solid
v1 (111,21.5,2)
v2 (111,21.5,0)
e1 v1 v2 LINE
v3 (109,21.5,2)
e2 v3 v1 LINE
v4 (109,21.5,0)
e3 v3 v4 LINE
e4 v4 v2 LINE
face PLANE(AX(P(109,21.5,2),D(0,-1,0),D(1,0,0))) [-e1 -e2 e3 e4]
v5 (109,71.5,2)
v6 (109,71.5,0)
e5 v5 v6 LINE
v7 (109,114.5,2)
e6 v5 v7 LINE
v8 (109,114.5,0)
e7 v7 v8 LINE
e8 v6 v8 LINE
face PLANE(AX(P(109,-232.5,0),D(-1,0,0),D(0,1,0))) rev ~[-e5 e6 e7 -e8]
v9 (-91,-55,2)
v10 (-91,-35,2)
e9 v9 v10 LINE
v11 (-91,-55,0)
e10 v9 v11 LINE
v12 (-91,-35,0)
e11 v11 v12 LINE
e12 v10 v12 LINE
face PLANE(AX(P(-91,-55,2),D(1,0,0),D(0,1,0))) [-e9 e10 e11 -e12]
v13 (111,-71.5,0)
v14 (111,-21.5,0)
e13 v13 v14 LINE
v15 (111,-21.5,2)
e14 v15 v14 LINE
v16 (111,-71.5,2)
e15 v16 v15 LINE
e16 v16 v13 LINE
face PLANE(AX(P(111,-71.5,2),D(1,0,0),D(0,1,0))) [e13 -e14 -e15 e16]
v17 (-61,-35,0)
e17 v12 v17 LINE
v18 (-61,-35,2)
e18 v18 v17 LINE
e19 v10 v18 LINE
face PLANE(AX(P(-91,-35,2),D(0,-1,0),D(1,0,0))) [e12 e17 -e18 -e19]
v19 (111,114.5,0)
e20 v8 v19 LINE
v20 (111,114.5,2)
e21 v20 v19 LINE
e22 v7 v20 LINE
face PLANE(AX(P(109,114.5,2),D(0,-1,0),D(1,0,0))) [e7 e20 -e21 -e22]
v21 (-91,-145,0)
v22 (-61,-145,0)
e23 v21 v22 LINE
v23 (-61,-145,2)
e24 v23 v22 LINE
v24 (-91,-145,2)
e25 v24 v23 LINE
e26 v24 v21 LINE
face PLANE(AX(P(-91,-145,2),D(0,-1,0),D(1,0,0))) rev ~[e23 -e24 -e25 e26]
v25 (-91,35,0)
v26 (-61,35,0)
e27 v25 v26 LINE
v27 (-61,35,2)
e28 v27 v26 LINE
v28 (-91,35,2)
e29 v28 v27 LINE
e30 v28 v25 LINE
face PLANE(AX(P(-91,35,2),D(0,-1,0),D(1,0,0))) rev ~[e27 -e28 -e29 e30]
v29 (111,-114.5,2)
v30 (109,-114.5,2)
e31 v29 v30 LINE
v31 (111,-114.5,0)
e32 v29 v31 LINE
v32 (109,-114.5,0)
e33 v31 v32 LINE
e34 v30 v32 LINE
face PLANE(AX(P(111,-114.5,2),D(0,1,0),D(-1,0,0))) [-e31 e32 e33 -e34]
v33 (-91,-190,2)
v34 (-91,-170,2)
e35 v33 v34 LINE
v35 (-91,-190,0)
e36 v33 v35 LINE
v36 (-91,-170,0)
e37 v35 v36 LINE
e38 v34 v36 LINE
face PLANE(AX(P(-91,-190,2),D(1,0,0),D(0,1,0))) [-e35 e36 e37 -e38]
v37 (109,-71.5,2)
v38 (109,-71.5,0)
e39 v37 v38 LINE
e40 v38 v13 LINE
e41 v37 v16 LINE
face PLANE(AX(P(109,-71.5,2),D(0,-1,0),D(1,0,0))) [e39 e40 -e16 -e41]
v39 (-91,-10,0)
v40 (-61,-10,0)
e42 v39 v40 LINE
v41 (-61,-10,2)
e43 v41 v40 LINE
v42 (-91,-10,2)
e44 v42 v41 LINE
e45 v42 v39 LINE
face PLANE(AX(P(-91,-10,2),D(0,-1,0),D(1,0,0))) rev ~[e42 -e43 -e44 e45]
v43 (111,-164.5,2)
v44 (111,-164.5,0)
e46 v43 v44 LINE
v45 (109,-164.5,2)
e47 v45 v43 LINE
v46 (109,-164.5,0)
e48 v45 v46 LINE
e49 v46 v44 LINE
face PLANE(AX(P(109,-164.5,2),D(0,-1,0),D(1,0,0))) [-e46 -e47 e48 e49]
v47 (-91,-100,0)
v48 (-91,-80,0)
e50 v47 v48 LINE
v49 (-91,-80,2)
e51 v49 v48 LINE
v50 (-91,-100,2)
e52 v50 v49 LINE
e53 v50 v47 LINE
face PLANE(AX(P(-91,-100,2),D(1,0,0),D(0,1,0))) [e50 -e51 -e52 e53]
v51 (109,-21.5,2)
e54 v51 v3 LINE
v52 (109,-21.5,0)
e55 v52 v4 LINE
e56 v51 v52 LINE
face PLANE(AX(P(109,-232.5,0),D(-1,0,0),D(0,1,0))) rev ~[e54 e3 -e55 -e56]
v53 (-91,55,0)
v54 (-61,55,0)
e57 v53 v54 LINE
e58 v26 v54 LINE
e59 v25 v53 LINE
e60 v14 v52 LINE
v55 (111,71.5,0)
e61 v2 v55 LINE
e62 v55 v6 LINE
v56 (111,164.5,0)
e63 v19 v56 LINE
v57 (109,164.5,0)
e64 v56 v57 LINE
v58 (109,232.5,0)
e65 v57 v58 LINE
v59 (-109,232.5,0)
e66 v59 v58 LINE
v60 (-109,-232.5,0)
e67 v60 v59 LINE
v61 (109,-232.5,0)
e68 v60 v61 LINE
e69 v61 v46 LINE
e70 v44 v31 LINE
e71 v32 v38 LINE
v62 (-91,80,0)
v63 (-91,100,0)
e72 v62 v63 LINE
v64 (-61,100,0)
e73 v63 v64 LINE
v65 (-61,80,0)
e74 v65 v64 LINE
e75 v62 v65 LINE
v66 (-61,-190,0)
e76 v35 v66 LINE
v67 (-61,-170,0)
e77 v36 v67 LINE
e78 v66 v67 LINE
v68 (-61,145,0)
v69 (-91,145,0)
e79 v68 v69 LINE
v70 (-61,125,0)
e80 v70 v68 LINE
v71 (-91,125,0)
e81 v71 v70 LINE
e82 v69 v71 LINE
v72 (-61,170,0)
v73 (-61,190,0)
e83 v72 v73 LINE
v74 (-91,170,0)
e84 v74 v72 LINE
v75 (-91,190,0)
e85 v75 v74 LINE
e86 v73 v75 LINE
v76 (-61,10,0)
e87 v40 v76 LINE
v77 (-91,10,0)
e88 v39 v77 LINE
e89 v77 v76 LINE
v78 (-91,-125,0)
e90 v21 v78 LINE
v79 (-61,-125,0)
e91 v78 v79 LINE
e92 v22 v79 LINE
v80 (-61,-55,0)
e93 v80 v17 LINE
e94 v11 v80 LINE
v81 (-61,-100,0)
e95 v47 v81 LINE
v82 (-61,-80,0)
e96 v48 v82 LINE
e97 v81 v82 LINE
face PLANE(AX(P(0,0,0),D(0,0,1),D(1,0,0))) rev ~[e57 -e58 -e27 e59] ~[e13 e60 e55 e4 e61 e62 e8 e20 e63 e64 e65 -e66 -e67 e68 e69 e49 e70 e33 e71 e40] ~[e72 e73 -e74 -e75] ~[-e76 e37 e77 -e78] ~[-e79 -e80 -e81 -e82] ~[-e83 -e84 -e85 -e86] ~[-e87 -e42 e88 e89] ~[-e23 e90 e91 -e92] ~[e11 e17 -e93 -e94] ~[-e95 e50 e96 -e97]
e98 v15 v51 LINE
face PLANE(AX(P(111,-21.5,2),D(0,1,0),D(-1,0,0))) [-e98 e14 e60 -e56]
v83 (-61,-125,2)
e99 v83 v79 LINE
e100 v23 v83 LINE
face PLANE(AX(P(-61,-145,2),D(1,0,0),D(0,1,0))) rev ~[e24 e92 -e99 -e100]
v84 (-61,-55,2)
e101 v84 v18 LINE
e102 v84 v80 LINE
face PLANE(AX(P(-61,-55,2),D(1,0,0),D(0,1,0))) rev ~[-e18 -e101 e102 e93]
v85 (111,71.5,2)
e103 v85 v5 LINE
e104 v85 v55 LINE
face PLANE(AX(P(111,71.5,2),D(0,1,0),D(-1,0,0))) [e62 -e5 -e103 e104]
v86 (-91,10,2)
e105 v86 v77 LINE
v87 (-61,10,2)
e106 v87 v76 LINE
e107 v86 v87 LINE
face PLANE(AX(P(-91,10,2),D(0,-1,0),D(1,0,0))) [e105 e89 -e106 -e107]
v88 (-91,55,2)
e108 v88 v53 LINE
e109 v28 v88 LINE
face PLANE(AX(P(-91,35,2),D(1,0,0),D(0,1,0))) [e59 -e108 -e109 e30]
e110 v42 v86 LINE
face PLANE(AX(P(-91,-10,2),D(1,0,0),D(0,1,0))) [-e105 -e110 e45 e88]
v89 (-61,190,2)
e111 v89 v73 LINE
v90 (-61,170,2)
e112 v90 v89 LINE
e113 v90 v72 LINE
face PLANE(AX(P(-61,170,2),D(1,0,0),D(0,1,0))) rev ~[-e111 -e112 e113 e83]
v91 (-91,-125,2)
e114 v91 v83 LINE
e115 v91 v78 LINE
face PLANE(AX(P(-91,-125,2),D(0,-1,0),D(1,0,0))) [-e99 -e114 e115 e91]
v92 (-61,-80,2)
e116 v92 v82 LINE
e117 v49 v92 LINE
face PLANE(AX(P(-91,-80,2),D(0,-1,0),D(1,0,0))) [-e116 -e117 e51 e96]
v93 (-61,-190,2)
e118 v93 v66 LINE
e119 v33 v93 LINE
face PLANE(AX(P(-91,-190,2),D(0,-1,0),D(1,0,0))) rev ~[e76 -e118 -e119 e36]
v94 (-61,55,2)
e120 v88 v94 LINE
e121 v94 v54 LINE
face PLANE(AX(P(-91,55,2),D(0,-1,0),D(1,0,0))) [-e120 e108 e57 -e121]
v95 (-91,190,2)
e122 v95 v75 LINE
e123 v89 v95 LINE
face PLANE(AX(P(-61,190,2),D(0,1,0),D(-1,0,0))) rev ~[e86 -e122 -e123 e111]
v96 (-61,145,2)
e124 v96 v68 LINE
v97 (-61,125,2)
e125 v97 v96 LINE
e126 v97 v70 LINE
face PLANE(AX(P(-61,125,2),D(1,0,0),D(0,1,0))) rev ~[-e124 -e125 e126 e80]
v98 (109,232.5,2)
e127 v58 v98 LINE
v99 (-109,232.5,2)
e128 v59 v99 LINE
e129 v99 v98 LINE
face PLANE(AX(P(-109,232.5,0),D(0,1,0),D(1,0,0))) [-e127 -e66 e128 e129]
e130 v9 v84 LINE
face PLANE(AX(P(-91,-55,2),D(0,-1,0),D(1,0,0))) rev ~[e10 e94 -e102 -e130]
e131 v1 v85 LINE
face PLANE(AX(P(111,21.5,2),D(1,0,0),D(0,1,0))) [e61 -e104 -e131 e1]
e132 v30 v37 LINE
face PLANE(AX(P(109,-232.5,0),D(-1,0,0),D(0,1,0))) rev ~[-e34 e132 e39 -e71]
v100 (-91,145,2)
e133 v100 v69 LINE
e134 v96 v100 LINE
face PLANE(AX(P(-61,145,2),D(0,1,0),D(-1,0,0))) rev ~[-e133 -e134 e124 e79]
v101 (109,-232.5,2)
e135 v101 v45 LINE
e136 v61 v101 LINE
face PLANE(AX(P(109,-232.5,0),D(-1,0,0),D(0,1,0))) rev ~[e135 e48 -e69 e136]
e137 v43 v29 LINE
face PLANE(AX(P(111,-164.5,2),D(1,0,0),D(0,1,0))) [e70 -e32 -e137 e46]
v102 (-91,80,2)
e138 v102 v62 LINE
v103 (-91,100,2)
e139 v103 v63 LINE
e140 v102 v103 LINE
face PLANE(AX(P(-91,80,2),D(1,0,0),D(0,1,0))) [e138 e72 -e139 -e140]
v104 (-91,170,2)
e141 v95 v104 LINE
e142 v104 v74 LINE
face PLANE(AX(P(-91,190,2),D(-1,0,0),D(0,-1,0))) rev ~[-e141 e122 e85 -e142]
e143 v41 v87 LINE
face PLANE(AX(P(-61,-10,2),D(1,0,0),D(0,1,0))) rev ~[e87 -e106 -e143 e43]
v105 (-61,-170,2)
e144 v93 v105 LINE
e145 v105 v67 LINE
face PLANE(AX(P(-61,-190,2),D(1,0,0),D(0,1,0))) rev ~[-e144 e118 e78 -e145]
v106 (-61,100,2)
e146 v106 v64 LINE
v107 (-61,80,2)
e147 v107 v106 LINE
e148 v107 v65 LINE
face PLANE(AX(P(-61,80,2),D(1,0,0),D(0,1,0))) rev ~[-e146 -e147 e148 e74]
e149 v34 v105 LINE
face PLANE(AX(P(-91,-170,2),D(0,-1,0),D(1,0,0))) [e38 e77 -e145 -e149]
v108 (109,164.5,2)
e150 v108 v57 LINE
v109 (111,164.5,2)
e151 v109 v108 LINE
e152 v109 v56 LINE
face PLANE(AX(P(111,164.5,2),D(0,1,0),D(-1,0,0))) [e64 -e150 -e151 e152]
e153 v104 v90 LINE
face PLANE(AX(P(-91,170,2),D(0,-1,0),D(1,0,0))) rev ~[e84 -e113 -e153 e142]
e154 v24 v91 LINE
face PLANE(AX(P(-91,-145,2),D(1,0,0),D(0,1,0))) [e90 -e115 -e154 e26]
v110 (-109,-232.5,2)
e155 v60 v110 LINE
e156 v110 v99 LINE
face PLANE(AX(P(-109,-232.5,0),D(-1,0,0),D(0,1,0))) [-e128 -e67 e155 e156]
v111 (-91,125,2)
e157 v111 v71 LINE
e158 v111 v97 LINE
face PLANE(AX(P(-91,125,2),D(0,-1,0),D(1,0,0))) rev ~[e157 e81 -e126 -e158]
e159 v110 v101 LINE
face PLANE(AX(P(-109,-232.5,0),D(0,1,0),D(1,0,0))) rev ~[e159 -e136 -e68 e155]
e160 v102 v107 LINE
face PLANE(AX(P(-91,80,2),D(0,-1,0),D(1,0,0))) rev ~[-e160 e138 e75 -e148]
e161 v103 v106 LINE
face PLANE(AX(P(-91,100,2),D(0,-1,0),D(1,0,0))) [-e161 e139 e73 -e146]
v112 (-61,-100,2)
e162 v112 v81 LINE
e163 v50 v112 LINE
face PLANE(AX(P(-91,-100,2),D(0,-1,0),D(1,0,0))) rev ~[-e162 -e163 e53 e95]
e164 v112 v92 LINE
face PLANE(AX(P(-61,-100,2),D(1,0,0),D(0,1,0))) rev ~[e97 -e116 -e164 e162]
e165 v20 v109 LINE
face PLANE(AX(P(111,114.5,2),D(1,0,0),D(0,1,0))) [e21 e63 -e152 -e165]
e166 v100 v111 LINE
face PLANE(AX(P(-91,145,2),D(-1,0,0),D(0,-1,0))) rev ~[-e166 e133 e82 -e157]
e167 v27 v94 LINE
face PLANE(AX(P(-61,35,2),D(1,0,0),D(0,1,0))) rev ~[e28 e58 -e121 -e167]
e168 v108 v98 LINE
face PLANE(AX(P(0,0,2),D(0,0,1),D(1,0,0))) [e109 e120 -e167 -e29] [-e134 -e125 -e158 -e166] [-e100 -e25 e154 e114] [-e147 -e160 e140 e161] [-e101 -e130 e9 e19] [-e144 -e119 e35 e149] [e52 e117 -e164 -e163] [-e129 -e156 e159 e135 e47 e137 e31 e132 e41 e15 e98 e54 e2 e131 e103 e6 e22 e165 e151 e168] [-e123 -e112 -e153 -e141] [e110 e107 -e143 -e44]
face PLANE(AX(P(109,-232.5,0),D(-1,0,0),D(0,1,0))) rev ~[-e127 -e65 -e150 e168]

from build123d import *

# Parameters (mm, degrees)
SKETCH1_W           = 218
SKETCH1_H           = 465
BOSS_EXTRUDE1_DEPTH = 2
SKETCH2_W           = 30
SKETCH2_H           = 20
CUT_EXTRUDE1_DEPTH  = 8
BOSS_EXTRUDE2_DEPTH = 2


with BuildPart() as part:
    # Sketch1 → Boss-Extrude1 (new body)
    with BuildSketch(Plane.XY):
        Rectangle(SKETCH1_W, SKETCH1_H)
    extrude(amount=BOSS_EXTRUDE1_DEPTH)

    # Sketch2 → Cut-Extrude1 (cut)
    with BuildSketch(Plane.XY.offset(2)):
        Polygon((-61, 190), (-91, 190), (-91, 180), (-91, 170), (-61, 170), align=None)
        Polygon((-61, 145), (-91, 145), (-91, 135), (-91, 125), (-61, 125), align=None)
        with Locations((-76, 90)):
            Rectangle(SKETCH2_W, SKETCH2_H)
        with Locations((-76, 45)):
            Rectangle(SKETCH2_W, SKETCH2_H)
        with Locations((-76, 0)):
            Rectangle(SKETCH2_W, SKETCH2_H)
        with Locations((-76, -45)):
            Rectangle(SKETCH2_W, SKETCH2_H)
        with Locations((-76, -90)):
            Rectangle(SKETCH2_W, SKETCH2_H)
        with Locations((-76, -135)):
            Rectangle(SKETCH2_W, SKETCH2_H)
        with Locations((-76, -180)):
            Rectangle(SKETCH2_W, SKETCH2_H)
    extrude(amount=-CUT_EXTRUDE1_DEPTH, mode=Mode.SUBTRACT)

    # Sketch3 → Boss-Extrude2 (add)
    with BuildSketch(Plane.XY.offset(2)):
        Polygon((111, 164.5), (109, 164.5), (109, 139.5), (109, 114.5), (111, 114.5), align=None)
        Polygon((111, 71.5), (109, 71.5), (109, 46.5), (109, 21.5), (111, 21.5), align=None)
        Polygon((111, -114.5), (109, -114.5), (109, -139.5), (109, -164.5), (111, -164.5), align=None)
        Polygon((111, -21.5), (109, -21.5), (109, -46.5), (109, -71.5), (111, -71.5), align=None)
    extrude(amount=-BOSS_EXTRUDE2_DEPTH)


solid = part.part
